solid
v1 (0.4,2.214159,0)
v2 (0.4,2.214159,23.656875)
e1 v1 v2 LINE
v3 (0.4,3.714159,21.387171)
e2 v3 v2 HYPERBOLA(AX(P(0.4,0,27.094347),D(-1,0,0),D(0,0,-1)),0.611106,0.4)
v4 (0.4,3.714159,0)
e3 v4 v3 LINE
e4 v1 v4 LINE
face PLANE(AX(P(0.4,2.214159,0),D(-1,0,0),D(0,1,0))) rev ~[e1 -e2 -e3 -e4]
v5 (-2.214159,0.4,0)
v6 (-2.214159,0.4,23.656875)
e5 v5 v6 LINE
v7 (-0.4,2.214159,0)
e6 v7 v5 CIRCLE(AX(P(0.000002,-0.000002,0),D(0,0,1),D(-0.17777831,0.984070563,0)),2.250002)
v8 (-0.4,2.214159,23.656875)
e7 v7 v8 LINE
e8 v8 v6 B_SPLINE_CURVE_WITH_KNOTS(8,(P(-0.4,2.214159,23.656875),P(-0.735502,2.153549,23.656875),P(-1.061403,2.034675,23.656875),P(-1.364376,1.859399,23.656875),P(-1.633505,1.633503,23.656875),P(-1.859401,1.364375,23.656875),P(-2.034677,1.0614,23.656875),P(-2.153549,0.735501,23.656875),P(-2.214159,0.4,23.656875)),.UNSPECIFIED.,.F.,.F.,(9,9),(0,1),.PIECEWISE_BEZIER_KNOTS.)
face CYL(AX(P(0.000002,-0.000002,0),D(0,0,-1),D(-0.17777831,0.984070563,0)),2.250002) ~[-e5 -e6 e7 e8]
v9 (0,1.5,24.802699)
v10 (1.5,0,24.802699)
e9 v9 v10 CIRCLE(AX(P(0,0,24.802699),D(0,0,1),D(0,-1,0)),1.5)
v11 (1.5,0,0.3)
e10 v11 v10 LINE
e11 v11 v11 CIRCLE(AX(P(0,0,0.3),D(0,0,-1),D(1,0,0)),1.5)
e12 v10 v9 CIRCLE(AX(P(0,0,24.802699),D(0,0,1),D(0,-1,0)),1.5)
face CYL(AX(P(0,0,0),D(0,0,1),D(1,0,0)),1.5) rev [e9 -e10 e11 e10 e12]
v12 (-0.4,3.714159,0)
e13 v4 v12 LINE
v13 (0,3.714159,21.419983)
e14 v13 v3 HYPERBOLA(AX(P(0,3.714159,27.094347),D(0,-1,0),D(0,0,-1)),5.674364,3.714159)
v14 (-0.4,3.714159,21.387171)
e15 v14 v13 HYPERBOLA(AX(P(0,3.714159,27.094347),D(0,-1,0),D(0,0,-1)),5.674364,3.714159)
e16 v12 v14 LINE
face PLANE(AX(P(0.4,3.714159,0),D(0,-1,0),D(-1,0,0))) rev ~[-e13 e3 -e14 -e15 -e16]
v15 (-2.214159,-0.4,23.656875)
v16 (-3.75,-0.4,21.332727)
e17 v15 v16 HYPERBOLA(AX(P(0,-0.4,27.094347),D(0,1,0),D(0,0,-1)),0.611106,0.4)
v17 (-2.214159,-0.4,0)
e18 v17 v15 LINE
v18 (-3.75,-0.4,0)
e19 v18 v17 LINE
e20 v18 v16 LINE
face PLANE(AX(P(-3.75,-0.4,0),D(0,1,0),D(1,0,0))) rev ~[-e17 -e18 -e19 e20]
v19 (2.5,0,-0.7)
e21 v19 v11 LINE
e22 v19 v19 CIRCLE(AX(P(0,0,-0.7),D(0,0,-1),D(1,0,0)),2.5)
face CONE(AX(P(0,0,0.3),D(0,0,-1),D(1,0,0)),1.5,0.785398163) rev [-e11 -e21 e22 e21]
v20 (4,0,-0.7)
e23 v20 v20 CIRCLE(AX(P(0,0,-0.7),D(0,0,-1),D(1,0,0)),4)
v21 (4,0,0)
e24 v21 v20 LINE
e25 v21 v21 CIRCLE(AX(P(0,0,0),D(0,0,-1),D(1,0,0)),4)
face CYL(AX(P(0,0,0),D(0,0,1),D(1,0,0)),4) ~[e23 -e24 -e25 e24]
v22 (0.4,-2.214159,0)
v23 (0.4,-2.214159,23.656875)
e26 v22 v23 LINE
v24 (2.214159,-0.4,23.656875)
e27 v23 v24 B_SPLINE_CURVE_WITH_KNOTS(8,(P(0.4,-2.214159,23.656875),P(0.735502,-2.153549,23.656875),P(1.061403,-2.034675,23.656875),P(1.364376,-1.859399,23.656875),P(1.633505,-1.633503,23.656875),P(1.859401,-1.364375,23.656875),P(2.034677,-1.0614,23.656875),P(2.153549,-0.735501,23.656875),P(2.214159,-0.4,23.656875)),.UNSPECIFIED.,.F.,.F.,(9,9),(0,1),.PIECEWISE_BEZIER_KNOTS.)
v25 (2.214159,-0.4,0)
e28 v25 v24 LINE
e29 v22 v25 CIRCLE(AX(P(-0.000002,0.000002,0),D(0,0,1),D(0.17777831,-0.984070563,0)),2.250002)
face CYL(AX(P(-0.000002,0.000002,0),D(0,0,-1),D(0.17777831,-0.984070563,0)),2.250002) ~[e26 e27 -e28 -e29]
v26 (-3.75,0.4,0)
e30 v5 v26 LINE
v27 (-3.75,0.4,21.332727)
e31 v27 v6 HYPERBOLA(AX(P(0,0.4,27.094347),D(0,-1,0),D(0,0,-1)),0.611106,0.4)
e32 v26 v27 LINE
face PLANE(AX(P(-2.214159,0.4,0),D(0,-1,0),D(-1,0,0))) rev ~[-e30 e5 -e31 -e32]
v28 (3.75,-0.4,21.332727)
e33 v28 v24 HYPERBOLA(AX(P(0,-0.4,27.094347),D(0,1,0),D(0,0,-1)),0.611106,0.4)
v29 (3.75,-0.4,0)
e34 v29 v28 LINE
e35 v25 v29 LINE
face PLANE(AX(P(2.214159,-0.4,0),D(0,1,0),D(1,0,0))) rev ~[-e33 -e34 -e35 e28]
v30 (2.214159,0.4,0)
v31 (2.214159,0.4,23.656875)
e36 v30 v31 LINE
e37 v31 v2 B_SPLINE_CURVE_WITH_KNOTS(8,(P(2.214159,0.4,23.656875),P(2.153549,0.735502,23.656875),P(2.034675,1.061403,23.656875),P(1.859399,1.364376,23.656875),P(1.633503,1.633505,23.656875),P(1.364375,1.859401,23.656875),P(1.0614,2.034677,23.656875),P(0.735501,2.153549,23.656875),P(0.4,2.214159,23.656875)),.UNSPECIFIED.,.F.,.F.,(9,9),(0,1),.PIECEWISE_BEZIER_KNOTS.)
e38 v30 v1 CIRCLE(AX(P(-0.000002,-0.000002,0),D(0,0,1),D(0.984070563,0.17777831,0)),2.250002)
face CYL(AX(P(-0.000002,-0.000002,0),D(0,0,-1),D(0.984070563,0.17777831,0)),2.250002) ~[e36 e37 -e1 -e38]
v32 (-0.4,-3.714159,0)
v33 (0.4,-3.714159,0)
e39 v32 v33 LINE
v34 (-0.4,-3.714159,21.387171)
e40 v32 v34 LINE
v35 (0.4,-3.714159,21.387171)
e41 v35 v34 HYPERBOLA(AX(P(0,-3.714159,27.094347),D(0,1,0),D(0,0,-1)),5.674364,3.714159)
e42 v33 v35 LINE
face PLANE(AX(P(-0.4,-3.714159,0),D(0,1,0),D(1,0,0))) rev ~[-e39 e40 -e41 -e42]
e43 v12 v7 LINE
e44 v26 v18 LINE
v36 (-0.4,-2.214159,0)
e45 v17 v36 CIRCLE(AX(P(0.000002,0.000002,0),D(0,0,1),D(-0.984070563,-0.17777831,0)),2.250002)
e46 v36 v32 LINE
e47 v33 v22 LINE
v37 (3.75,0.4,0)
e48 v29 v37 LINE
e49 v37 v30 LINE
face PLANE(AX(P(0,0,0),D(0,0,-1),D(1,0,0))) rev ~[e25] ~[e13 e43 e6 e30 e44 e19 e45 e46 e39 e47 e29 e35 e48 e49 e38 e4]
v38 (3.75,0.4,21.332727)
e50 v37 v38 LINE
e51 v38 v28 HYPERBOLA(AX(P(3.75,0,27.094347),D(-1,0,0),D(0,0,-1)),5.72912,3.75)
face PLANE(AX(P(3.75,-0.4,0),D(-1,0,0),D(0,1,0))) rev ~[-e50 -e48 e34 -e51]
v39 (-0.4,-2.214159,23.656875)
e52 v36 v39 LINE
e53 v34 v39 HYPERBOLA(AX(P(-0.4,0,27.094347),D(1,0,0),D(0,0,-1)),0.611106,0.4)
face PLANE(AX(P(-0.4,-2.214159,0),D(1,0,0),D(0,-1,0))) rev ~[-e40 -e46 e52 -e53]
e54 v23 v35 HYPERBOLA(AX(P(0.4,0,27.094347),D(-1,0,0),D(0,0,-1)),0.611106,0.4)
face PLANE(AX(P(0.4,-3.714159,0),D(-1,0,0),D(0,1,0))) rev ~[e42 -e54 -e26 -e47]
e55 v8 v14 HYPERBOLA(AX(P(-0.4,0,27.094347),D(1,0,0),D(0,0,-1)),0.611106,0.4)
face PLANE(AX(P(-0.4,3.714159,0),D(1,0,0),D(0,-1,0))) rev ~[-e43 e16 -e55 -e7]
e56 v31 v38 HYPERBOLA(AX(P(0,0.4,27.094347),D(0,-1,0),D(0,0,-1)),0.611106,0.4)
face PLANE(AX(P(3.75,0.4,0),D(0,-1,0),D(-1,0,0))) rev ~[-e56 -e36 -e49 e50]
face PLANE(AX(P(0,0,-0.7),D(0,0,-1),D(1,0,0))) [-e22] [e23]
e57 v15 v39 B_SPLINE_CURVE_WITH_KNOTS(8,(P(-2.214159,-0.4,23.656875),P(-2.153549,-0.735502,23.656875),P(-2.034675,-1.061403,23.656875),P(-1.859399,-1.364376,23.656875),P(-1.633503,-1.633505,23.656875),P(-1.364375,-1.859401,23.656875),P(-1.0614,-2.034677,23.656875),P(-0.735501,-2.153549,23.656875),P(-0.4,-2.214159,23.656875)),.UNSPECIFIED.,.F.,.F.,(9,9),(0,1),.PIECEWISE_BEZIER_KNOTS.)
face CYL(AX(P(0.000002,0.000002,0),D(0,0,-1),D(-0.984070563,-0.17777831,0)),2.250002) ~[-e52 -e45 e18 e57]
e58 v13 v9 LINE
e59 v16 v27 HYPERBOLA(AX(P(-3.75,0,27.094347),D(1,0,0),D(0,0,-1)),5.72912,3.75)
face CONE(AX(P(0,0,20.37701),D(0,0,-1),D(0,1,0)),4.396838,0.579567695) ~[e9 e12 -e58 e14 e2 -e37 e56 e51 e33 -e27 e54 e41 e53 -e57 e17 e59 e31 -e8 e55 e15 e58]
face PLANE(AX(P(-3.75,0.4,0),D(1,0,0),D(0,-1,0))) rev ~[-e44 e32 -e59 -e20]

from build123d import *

# Parameters (mm, degrees)
F0_R     = 1.5
F1_DEPTH = 25
F2_R     = 4
F2_R_2   = 1.5
F3_DEPTH = 0.7
F4_SIZE  = 1


with BuildPart() as f1:
    # F0 (on Top) → F1 (new body)
    with BuildSketch(Plane.XY):
        with BuildLine():
            Line((3.75, 0.4), (2.214159, 0.4))
            ThreePointArc((2.214159, 0.4), (1.59099, 1.59099), (0.4, 2.214159))
            Line((0.4, 2.214159), (0.4, 3.714159))
            Line((0.4, 3.714159), (-0.4, 3.714159))
            Line((-0.4, 3.714159), (-0.4, 2.214159))
            ThreePointArc((-0.4, 2.214159), (-1.59099, 1.59099), (-2.214159, 0.4))
            Line((-2.214159, 0.4), (-3.75, 0.4))
            Line((-3.75, 0.4), (-3.75, -0.4))
            Line((-3.75, -0.4), (-2.214159, -0.4))
            ThreePointArc((-2.214159, -0.4), (-1.59099, -1.59099), (-0.4, -2.214159))
            Line((-0.4, -2.214159), (-0.4, -3.714159))
            Line((-0.4, -3.714159), (0.4, -3.714159))
            Line((0.4, -3.714159), (0.4, -2.214159))
            ThreePointArc((0.4, -2.214159), (1.59099, -1.59099), (2.214159, -0.4))
            Line((2.214159, -0.4), (3.75, -0.4))
            Line((3.75, -0.4), (3.75, 0.4))
        make_face()
        Circle(F0_R, mode=Mode.SUBTRACT)
    extrude(amount=F1_DEPTH)

    # F2 (on face) → F3 (join)
    with BuildSketch(Plane(origin=(0, 0, 0), x_dir=(1, 0, 0), z_dir=(0, 0, -1))):
        Circle(F2_R)
        Circle(F2_R_2, mode=Mode.SUBTRACT)
    extrude(amount=F3_DEPTH)

    # F4
    f4_edges = [f1.edges().sort_by_distance(p)[0] for p in [
        (-1.5, 0, -0.7),
    ]]
    chamfer(f4_edges, length=F4_SIZE)

    # F5 (on Right) → F6 (revolve, intersect)
    with BuildSketch(Plane.YZ):
        Polygon((4.396838, 20.37701), (0, 27.094347), (0, -1.847252), (4.396838, -1.802312), align=None)
    revolve(axis=Axis((0, 0, 12.623548), (0, 0, -1)), mode=Mode.INTERSECT)


solid = f1.part
